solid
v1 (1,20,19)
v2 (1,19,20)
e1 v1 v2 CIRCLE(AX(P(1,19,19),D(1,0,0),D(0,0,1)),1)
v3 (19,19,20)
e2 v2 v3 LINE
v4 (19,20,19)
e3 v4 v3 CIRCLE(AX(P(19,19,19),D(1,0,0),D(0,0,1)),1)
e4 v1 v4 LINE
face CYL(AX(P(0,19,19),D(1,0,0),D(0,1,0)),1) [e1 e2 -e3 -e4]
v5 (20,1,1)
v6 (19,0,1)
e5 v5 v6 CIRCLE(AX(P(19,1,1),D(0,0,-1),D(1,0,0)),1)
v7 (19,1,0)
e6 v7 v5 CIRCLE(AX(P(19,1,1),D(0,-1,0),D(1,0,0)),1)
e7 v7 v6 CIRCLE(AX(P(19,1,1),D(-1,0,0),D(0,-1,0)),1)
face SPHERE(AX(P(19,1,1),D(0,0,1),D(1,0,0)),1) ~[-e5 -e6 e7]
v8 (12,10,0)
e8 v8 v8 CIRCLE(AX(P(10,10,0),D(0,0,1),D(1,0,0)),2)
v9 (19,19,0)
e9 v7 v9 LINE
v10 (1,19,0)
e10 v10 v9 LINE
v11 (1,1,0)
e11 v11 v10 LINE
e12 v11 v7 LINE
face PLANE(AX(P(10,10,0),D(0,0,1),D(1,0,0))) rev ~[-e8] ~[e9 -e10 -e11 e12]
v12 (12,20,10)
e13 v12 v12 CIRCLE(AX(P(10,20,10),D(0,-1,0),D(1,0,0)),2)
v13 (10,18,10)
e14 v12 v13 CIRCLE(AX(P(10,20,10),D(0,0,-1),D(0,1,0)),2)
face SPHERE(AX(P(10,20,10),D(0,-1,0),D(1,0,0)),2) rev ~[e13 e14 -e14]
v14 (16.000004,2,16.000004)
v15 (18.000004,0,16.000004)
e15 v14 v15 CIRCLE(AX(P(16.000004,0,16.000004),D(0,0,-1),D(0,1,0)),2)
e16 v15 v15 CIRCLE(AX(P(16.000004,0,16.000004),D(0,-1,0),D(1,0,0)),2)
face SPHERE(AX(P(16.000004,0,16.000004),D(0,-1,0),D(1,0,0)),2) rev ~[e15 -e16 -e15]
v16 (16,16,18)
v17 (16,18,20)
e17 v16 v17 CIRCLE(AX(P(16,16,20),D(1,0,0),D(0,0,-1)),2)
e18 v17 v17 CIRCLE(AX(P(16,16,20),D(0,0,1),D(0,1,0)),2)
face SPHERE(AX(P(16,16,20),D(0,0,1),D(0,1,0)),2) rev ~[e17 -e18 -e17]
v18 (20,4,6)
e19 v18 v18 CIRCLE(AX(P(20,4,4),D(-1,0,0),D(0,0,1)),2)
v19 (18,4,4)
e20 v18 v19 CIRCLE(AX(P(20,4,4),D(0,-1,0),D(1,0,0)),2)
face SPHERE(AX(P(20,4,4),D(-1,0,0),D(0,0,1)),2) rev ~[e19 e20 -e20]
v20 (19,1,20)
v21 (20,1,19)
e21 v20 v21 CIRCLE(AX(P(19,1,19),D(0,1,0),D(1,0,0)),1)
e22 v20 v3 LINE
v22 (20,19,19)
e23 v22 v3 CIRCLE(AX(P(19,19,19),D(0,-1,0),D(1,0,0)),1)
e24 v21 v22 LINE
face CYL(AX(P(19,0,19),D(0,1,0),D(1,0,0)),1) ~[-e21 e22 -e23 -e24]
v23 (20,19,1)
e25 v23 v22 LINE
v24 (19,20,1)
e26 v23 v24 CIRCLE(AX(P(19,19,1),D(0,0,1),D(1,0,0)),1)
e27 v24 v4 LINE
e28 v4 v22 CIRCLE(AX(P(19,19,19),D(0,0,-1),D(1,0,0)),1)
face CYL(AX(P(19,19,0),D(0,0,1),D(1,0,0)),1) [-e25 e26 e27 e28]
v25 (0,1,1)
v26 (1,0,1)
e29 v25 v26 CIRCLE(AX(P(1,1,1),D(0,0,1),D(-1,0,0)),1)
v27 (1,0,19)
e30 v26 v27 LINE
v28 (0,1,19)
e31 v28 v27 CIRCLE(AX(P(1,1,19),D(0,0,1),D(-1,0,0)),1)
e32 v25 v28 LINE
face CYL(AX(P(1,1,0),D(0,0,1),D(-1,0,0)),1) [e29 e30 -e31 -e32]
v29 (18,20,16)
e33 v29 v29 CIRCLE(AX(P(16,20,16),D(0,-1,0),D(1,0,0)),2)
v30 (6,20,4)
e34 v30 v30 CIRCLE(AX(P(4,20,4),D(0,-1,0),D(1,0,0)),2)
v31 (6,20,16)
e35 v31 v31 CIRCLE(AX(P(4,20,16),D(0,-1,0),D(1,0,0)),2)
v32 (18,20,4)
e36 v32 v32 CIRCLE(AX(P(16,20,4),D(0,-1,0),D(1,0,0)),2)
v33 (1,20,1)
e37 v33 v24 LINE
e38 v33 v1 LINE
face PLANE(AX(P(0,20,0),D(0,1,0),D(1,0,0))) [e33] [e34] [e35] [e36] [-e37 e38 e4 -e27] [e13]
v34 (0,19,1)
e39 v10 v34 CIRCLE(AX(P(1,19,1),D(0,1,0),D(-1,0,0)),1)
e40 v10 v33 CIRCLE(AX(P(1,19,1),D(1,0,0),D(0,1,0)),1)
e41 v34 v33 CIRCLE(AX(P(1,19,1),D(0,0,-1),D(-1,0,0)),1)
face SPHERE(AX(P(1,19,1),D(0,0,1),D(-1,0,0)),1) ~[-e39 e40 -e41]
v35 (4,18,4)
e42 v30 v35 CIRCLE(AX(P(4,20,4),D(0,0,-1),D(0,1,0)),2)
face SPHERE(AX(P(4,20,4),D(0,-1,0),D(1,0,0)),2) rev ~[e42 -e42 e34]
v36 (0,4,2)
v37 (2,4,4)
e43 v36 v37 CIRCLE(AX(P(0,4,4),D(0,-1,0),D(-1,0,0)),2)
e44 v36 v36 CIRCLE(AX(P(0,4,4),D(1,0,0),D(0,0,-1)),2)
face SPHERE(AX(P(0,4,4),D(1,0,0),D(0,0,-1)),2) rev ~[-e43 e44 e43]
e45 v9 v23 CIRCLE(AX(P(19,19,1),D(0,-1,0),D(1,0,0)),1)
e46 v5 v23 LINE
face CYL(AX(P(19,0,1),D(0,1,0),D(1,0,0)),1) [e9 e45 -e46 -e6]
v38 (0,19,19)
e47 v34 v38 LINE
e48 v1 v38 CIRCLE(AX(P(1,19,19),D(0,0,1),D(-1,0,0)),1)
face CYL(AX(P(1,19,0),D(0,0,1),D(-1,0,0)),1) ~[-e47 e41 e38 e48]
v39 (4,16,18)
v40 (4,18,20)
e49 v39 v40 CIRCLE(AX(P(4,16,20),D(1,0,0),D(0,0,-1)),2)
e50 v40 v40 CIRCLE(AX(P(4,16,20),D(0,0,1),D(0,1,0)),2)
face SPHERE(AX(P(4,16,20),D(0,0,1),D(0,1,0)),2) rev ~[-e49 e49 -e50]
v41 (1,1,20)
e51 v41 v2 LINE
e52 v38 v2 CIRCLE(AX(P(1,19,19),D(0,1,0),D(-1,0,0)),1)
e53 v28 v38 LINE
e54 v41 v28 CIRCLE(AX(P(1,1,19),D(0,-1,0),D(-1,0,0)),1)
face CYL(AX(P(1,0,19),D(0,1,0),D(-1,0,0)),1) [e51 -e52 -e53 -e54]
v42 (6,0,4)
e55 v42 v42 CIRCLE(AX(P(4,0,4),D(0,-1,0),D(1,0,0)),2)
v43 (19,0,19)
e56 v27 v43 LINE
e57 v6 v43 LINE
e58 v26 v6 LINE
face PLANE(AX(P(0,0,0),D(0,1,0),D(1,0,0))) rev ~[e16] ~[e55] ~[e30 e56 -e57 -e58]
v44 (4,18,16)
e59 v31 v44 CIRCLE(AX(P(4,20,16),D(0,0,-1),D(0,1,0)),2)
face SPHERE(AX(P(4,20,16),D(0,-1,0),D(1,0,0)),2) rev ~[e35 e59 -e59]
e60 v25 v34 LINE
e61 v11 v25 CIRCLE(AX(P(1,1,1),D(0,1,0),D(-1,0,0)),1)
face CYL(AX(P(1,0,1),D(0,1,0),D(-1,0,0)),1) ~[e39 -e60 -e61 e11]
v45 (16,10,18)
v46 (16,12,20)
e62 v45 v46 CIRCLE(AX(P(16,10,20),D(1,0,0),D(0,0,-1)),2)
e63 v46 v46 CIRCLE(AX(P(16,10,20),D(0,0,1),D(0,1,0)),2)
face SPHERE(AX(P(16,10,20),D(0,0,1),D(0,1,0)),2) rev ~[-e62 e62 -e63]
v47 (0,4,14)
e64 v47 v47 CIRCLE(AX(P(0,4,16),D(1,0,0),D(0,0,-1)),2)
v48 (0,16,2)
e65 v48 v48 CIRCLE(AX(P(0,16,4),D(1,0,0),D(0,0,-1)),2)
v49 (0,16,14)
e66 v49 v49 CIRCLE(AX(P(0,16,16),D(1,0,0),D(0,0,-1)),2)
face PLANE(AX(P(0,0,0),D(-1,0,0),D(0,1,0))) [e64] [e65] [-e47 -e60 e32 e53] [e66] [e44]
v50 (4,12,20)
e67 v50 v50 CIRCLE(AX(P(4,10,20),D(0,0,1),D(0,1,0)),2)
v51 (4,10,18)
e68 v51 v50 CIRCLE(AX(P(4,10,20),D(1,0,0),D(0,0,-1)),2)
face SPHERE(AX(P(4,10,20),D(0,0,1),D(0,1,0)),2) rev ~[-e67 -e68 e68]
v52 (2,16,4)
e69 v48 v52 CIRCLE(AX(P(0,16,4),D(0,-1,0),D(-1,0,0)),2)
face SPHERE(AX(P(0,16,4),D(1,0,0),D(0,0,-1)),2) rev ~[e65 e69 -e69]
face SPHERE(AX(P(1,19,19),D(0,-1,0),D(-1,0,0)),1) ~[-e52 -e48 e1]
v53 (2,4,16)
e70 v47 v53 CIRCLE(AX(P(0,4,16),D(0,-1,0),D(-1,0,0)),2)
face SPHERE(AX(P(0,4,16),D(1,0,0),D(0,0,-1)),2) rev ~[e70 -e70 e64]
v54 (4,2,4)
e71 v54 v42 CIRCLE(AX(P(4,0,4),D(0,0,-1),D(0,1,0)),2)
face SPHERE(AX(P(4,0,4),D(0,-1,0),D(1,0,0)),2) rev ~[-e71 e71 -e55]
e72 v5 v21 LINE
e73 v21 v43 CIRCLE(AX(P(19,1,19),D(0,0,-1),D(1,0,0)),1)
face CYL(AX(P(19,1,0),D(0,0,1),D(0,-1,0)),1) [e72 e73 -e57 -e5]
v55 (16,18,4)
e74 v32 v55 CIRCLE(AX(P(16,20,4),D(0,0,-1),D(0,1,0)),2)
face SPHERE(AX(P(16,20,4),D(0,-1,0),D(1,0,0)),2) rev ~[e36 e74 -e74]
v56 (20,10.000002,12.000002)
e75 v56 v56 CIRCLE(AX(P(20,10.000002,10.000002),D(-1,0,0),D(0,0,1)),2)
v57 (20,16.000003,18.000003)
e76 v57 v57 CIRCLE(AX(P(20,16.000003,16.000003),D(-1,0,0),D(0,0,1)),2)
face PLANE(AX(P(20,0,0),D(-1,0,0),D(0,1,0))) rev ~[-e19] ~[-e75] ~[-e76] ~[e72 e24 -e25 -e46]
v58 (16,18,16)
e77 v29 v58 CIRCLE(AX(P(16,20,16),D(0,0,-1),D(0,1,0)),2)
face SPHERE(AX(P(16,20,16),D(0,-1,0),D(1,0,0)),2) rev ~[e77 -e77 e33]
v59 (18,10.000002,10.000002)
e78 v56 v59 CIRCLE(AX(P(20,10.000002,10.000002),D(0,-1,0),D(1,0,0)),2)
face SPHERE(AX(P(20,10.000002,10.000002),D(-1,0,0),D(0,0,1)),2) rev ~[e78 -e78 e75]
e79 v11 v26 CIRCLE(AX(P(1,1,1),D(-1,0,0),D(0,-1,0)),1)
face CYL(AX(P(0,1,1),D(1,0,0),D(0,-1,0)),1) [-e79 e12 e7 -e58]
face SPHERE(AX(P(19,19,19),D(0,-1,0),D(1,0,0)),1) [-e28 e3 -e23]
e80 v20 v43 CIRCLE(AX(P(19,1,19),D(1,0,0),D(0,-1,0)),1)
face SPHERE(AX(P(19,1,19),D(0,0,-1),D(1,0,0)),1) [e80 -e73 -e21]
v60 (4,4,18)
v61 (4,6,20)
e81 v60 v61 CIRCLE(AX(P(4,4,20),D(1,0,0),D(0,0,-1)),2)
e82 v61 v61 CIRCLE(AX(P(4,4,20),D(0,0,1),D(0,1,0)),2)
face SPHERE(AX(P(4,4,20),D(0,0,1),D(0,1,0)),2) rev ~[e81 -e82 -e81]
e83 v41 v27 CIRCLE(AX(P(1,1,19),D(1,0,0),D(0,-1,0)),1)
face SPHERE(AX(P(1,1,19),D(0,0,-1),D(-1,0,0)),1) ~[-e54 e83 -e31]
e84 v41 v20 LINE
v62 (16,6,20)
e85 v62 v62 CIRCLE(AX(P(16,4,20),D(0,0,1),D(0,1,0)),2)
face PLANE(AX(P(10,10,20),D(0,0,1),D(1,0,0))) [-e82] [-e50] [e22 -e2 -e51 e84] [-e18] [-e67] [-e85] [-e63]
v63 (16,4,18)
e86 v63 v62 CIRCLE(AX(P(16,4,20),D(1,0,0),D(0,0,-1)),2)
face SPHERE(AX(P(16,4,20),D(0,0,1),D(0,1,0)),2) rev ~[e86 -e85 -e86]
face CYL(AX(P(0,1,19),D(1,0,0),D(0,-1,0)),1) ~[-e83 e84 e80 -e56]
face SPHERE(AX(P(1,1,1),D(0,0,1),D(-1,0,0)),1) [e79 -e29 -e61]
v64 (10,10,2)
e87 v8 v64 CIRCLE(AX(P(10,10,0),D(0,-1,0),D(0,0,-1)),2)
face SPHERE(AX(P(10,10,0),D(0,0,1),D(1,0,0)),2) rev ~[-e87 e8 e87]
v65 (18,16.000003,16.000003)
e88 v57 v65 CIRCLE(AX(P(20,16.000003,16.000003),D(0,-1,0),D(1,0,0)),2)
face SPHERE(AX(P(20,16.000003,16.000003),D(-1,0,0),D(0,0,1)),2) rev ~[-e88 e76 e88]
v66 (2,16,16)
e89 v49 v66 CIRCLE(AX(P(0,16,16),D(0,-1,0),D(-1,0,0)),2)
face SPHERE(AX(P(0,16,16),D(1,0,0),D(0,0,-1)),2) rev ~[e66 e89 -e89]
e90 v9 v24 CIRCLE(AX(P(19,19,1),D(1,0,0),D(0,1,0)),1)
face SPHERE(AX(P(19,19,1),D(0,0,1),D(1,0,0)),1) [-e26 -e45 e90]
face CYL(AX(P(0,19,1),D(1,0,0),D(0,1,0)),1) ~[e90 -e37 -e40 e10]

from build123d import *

# Parameters (mm, degrees)
ARRAY004_X_COUNT         = 2
ARRAY004_X_PITCH         = 12
ARRAY004_Y_COUNT         = 2
ARRAY004_Y_PITCH         = 12
FUSION_PLACEMENT_ANGLE   = 90
ARRAY002_X_COUNT         = 3
ARRAY002_X_PITCH         = 8.485281
ARRAY002_PLACEMENT_ANGLE = 270
ARRAY001_X_COUNT         = 2
ARRAY001_X_PITCH         = 12
ARRAY001_Y_COUNT         = 2
ARRAY001_Y_PITCH         = 12
ARRAY001_PLACEMENT_ANGLE = 90
ARRAY_X_COUNT            = 3
ARRAY_X_PITCH            = 6
ARRAY_Y_COUNT            = 2
ARRAY_Y_PITCH            = 12
ARRAY_PLACEMENT_ANGLE    = 90
ARRAY003_X_COUNT         = 2
ARRAY003_X_PITCH         = 16.970563
ARRAY003_PLACEMENT_ANGLE = 90
BOX_W                    = 20
BOX_H                    = 20
BOX_DEPTH                = 20
FILLET_R                 = 1


with BuildPart() as cuatro001:
    # Sphere006 → Sphere006 (revolve)
    with BuildSketch(Plane.XZ):
        with BuildLine():
            ThreePointArc((0, -2), (2, 0), (0, 2))
            Line((0, 2), (0, -2))
        make_face()
    revolve(axis=Axis((0, 0, 0), (0, 0, 1)))

    # Array004 X: cuatro001 ×2


with BuildPart() as cuatro001_1:
    add(cuatro001.part)
    with Locations(*[(i * ARRAY004_X_PITCH, 0, 0) for i in range(1, ARRAY004_X_COUNT)]):
        add(cuatro001.part)

    # Array004 Y: cuatro001 ×2


with BuildPart() as cuatro001_2:
    add(cuatro001_1.part)
    with Locations(*[(0, i * ARRAY004_Y_PITCH, 0) for i in range(1, ARRAY004_Y_COUNT)]):
        add(cuatro001_1.part)


with BuildPart() as cuatro001_3:
    # Array004 placement: moved
    add(cuatro001_2.part.moved(Location((4, 4, 20))))


with BuildPart() as cinco:
    # Sphere005 → Sphere005 (revolve)
    with BuildSketch(Plane(origin=(10, 10, 20), x_dir=(1, 0, 0), z_dir=(0, -1, 0))):
        with BuildLine():
            ThreePointArc((0, -2), (2, 0), (0, 2))
            Line((0, 2), (0, -2))
        make_face()
    revolve(axis=Axis((10, 10, 20), (0, 0, 1)))

    # Fusion: union cuatro001
    add(cuatro001_3.part)


with BuildPart() as cinco_1:
    # Fusion placement: moved
    add(cinco.part.moved(Location((0, 40, 0))).rotate(Axis((0, 40, 0), (1, 0, 0)), FUSION_PLACEMENT_ANGLE))


with BuildPart() as uno:
    # Sphere004 → Sphere004 (revolve)
    with BuildSketch(Plane(origin=(10, 10, 0), x_dir=(1, 0, 0), z_dir=(0, -1, 0))):
        with BuildLine():
            ThreePointArc((0, -2), (2, 0), (0, 2))
            Line((0, 2), (0, -2))
        make_face()
    revolve(axis=Axis((10, 10, 0), (0, 0, 1)))


with BuildPart() as tres:
    # Sphere002 → Sphere002 (revolve)
    with BuildSketch(Plane.XZ):
        with BuildLine():
            ThreePointArc((0, -2), (2, 0), (0, 2))
            Line((0, 2), (0, -2))
        make_face()
    revolve(axis=Axis((0, 0, 0), (0, 0, 1)))

    # Array002 X: tres ×3


with BuildPart() as tres_1:
    add(tres.part)
    with Locations(*[Vector(0.707107, 0.707107, 0) * (i * ARRAY002_X_PITCH) for i in range(1, ARRAY002_X_COUNT)]):
        add(tres.part)


with BuildPart() as tres_2:
    # Array002 placement: moved
    add(tres_1.part.moved(Location((20, 4, 4))).rotate(Axis((20, 4, 4), (0, 1, 0)), ARRAY002_PLACEMENT_ANGLE))


with BuildPart() as cuatro:
    # Sphere001 → Sphere001 (revolve)
    with BuildSketch(Plane.XZ):
        with BuildLine():
            ThreePointArc((0, -2), (2, 0), (0, 2))
            Line((0, 2), (0, -2))
        make_face()
    revolve(axis=Axis((0, 0, 0), (0, 0, 1)))

    # Array001 X: cuatro ×2


with BuildPart() as cuatro_1:
    add(cuatro.part)
    with Locations(*[(i * ARRAY001_X_PITCH, 0, 0) for i in range(1, ARRAY001_X_COUNT)]):
        add(cuatro.part)

    # Array001 Y: cuatro ×2


with BuildPart() as cuatro_2:
    add(cuatro_1.part)
    with Locations(*[(0, i * ARRAY001_Y_PITCH, 0) for i in range(1, ARRAY001_Y_COUNT)]):
        add(cuatro_1.part)


with BuildPart() as cuatro_3:
    # Array001 placement: moved
    add(cuatro_2.part.moved(Location((0, 4, 16))).rotate(Axis((0, 4, 16), (0, 1, 0)), ARRAY001_PLACEMENT_ANGLE))


with BuildPart() as seis:
    # Sphere → Sphere (revolve)
    with BuildSketch(Plane.XZ):
        with BuildLine():
            ThreePointArc((0, -2), (2, 0), (0, 2))
            Line((0, 2), (0, -2))
        make_face()
    revolve(axis=Axis((0, 0, 0), (0, 0, 1)))

    # Array X: seis ×3


with BuildPart() as seis_1:
    add(seis.part)
    with Locations(*[(i * ARRAY_X_PITCH, 0, 0) for i in range(1, ARRAY_X_COUNT)]):
        add(seis.part)

    # Array Y: seis ×2


with BuildPart() as seis_2:
    add(seis_1.part)
    with Locations(*[(0, i * ARRAY_Y_PITCH, 0) for i in range(1, ARRAY_Y_COUNT)]):
        add(seis_1.part)


with BuildPart() as seis_3:
    # Array placement: moved
    add(seis_2.part.moved(Location((16, 4, 20))).rotate(Axis((16, 4, 20), (0, 0, 1)), ARRAY_PLACEMENT_ANGLE))


with BuildPart() as numeros:
    # Sphere003 → Sphere003 (revolve)
    with BuildSketch(Plane.XZ):
        with BuildLine():
            ThreePointArc((0, -2), (2, 0), (0, 2))
            Line((0, 2), (0, -2))
        make_face()
    revolve(axis=Axis((0, 0, 0), (0, 0, 1)))

    # Array003 X: numeros ×2


with BuildPart() as numeros_1:
    add(numeros.part)
    with Locations(*[Vector(0.707107, 0.707107, 0) * (i * ARRAY003_X_PITCH) for i in range(1, ARRAY003_X_COUNT)]):
        add(numeros.part)


with BuildPart() as numeros_2:
    # Array003 placement: moved
    add(numeros_1.part.moved(Location((4, 0, 4))).rotate(Axis((4, 0, 4), (1, 0, 0)), ARRAY003_PLACEMENT_ANGLE))

    # Fusion001: union cinco, uno, tres, cuatro, seis
    add(cinco_1.part)
    add(uno.part)
    add(tres_2.part)
    add(cuatro_3.part)
    add(seis_3.part)


with BuildPart() as dado:
    # Box → Box (new body)
    with BuildSketch(Plane.XY):
        with Locations((10, 10)):
            Rectangle(BOX_W, BOX_H)
    extrude(amount=BOX_DEPTH)

    # Fillet
    fillet_edges = [dado.edges().sort_by_distance(p)[0] for p in [
        (0, 0, 10),
        (0, 10, 20),
        (0, 20, 10),
        (0, 10, 0),
        (20, 0, 10),
        (20, 10, 20),
        (20, 20, 10),
        (20, 10, 0),
        (10, 0, 0),
        (10, 0, 20),
        (10, 20, 0),
        (10, 20, 20),
    ]]
    fillet(fillet_edges, radius=FILLET_R)

    # Cut: cut numeros
    add(numeros_2.part, mode=Mode.SUBTRACT)


solid = dado.part
